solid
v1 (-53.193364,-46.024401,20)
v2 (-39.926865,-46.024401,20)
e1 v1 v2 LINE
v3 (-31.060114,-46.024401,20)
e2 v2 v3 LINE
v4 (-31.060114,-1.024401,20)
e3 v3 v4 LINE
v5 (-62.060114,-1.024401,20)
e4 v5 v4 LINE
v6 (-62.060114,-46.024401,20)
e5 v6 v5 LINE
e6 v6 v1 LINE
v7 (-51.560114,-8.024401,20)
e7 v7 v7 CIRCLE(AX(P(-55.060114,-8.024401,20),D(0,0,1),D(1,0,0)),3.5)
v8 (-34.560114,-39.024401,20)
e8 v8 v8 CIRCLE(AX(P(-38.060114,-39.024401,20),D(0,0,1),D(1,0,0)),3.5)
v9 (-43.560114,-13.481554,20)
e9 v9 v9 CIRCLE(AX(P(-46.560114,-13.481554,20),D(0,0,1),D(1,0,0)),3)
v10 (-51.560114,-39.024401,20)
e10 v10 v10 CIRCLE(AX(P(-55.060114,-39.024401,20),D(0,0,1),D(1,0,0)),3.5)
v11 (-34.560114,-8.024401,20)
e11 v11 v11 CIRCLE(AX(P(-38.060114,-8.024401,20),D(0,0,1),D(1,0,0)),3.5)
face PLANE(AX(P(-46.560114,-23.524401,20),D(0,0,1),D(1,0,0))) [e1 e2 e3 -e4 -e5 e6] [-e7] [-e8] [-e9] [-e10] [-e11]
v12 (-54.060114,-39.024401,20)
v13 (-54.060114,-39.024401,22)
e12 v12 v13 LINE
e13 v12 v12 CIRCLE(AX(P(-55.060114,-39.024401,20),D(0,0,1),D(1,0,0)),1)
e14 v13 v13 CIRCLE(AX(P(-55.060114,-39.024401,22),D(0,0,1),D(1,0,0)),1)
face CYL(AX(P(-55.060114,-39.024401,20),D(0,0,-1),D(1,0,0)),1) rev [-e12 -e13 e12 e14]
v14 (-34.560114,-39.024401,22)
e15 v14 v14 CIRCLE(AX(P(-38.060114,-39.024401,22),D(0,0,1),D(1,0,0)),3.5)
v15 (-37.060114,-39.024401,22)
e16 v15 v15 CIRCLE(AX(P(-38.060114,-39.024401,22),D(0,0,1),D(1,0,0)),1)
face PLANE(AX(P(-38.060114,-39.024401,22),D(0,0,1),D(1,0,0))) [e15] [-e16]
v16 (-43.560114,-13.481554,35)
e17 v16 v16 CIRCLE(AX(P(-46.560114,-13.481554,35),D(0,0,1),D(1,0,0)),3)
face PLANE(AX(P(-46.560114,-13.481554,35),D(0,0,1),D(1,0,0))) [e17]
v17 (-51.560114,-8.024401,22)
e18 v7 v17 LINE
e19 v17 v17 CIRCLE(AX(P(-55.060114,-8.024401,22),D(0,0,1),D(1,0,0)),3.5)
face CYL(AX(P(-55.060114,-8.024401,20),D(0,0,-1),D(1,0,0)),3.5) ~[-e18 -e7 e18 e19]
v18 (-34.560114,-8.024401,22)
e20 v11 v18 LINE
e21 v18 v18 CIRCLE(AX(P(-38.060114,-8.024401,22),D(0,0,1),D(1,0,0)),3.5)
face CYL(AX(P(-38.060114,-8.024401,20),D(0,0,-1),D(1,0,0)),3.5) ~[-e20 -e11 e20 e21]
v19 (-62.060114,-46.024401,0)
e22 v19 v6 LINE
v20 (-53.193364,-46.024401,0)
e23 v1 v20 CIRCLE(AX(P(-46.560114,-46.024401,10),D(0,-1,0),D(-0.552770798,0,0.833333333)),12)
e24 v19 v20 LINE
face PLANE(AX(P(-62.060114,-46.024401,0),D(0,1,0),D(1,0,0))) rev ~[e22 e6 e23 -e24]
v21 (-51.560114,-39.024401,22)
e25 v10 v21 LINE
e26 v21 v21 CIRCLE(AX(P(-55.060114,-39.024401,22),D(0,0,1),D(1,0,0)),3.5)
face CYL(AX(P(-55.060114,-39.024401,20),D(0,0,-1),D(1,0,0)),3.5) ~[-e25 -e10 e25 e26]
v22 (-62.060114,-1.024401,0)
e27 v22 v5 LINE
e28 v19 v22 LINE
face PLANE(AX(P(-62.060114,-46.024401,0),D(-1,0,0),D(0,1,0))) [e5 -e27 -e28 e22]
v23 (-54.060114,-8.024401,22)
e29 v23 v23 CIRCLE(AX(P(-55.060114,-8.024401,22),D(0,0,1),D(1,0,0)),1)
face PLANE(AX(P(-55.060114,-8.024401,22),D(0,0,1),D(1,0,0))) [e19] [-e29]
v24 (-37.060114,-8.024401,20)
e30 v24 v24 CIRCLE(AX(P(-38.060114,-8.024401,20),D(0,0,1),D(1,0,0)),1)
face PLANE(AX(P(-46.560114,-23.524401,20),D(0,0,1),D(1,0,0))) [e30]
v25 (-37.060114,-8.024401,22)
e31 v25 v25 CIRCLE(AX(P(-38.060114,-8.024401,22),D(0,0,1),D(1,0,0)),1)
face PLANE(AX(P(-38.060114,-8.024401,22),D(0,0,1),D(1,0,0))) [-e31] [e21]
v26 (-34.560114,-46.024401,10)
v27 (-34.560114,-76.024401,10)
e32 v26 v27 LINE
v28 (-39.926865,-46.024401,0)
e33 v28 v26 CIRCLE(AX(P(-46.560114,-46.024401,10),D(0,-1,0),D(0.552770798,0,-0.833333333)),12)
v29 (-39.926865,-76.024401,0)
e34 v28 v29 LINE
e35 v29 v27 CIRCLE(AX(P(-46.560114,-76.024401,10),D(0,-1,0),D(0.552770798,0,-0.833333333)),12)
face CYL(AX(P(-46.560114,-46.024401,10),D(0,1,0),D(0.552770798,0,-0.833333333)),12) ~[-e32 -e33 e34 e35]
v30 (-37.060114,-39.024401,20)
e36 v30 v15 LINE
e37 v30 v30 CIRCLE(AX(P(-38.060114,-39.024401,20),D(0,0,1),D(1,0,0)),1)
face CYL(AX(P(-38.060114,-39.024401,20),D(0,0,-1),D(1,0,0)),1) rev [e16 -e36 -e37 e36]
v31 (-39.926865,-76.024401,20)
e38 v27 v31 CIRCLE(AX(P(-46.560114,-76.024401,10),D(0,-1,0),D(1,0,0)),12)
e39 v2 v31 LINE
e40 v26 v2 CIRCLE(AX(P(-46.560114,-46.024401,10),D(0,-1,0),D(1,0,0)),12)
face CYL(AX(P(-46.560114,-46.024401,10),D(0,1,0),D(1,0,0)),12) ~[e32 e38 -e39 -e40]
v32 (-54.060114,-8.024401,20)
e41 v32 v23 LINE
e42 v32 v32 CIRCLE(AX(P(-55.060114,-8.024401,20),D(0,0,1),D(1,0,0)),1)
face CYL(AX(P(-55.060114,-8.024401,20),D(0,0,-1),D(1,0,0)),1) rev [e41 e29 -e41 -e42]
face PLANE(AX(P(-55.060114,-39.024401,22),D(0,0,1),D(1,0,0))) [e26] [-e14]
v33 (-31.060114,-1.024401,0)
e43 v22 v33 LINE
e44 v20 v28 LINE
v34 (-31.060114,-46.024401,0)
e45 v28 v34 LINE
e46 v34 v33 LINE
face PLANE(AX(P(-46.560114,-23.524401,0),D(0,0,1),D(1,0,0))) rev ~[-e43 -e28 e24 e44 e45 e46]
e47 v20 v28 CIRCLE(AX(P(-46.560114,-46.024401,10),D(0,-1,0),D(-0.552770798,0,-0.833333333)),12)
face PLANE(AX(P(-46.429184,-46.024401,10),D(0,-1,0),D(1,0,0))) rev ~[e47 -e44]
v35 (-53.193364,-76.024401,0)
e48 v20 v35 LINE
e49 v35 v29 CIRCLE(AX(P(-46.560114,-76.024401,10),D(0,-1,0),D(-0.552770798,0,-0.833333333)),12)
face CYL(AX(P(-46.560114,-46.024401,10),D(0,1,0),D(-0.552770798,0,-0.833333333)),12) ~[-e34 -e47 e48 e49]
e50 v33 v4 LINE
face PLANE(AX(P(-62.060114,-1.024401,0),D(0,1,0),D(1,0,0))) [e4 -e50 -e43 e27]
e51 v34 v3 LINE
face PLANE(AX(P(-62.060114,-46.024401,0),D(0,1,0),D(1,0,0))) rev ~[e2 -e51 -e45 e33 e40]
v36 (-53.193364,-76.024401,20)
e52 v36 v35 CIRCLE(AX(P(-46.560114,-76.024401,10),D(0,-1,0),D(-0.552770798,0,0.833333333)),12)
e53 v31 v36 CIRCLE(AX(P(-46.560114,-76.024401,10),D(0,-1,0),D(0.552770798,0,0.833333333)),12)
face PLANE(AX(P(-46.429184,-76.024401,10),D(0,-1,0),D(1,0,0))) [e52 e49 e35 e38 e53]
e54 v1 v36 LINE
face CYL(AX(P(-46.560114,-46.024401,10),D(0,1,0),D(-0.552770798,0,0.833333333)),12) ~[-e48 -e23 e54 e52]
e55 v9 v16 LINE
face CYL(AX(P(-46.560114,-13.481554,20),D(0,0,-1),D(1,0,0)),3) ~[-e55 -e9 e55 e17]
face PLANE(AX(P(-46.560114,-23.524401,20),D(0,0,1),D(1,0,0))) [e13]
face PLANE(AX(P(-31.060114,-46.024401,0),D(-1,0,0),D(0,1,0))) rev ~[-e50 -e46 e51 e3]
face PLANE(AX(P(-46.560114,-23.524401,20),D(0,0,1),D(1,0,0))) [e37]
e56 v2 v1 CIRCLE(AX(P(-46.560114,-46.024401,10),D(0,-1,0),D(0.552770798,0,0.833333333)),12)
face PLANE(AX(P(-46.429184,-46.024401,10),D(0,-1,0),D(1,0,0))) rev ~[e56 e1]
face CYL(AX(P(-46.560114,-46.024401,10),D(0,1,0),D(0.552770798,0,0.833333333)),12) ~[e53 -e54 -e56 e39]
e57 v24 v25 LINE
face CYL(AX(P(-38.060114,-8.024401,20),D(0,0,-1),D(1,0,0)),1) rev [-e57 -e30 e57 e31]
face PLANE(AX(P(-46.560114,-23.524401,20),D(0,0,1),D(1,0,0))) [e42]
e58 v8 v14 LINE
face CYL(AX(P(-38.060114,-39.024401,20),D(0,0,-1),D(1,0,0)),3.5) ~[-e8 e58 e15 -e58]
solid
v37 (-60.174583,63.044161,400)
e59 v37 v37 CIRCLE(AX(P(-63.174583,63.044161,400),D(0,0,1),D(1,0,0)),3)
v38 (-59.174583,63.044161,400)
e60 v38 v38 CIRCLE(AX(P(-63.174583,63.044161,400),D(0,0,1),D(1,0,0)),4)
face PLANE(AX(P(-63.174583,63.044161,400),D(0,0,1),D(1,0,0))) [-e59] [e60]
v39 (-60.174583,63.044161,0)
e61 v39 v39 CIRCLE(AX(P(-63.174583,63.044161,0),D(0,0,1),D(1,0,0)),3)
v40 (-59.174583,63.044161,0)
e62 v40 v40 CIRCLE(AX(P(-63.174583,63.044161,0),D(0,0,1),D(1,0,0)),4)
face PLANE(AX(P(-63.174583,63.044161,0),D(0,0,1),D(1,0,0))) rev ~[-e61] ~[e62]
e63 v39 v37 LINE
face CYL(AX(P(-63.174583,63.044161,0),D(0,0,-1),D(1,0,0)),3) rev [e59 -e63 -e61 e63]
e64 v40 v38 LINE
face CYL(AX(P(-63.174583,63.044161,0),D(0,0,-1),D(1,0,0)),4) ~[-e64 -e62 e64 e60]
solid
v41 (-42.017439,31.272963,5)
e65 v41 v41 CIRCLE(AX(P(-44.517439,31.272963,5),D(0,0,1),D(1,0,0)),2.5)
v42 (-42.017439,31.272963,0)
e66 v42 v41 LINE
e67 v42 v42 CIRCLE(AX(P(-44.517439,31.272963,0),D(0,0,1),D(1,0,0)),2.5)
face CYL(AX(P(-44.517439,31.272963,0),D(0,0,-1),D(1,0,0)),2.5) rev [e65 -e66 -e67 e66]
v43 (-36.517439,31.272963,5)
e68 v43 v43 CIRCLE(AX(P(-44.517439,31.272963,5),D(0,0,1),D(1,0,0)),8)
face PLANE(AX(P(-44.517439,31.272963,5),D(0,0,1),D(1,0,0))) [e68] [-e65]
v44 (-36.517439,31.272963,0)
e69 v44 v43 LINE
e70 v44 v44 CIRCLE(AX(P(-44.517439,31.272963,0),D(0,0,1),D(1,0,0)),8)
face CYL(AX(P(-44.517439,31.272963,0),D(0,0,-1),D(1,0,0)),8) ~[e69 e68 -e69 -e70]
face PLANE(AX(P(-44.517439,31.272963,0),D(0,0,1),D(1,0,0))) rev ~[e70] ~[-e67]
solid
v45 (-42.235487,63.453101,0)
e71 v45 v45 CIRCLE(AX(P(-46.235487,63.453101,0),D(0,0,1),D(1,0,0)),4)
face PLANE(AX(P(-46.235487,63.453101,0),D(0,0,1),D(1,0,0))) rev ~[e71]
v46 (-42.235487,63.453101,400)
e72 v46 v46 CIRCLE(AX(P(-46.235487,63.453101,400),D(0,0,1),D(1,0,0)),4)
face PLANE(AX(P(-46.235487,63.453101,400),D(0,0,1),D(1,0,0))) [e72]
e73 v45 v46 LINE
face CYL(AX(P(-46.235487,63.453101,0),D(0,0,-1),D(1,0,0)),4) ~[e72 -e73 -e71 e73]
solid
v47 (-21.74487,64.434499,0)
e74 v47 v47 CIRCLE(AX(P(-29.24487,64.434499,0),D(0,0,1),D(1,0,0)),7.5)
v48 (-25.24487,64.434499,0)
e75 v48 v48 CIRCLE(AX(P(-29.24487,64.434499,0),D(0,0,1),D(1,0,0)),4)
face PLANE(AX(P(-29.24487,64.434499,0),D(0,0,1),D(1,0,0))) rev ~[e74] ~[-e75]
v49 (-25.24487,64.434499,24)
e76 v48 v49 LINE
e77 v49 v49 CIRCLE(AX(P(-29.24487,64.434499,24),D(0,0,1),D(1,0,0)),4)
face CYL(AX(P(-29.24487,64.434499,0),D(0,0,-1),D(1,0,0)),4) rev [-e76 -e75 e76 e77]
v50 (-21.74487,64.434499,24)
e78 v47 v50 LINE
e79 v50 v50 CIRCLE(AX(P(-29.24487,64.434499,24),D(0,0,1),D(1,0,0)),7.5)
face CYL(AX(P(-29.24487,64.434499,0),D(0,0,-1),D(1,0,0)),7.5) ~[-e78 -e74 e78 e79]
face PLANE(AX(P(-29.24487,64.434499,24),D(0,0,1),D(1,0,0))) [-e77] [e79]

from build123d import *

# Parameters (mm, degrees)
F0_R      = 4
F0_R_2    = 3
F1_DEPTH  = 400
F0_R_3    = 7.5
F2_DEPTH  = 24
F3_W      = 31
F3_H      = 45
F4_DEPTH  = 20
F6_DEPTH  = 30
F8_R      = 3.5
F8_R_2    = 1
F9_DEPTH  = 2
F8_R_3    = 3
F10_DEPTH = 15
F0_R_4    = 8
F0_R_5    = 2.5
F11_DEPTH = 5


with BuildPart() as f1:
    # F0 (on Top) → F1 (new body)
    with BuildSketch(Plane.XY):
        with Locations((-63.1745830178, 63.0441606045)):
            Circle(F0_R)
        with Locations((-63.1745830178, 63.0441606045)):
            Circle(F0_R_2, mode=Mode.SUBTRACT)
    extrude(amount=F1_DEPTH)


with BuildPart() as f1b:
    # F0 (on Top) → F1, piece 2 (new body)
    with BuildSketch(Plane.XY):
        with Locations((-46.235486865, 63.4531006217)):
            Circle(F0_R)
    extrude(amount=F1_DEPTH)


with BuildPart() as f2:
    # F0 (on Top) → F2 (new body)
    with BuildSketch(Plane.XY):
        with Locations((-29.2448699474, 64.4344985485)):
            Circle(F0_R_3)
        with Locations((-29.2448699474, 64.4344985485)):
            Circle(F0_R, mode=Mode.SUBTRACT)
    extrude(amount=F2_DEPTH)


with BuildPart() as f4:
    # F3 (on Top) → F4 (new body)
    with BuildSketch(Plane.XY):
        with Locations((-46.5601142496, -23.5244012473)):
            Rectangle(F3_W, F3_H)
    extrude(amount=F4_DEPTH)

    # F5 (on face) → F6 (join)
    with BuildSketch(Plane.XZ.offset(46.0244012473)):
        with BuildLine():
            ThreePointArc((-39.9268646689, 0), (-35.9865861022, 4.3254513381), (-34.5601142496, 10))
            ThreePointArc((-34.5601142496, 10), (-35.9865861022, 15.6745486619), (-39.9268646689, 20))
            Line((-39.9268646689, 20), (-53.1933638303, 20))
            ThreePointArc((-53.1933638303, 20), (-58.5601142496, 10), (-53.1933638303, 0))
            Line((-53.1933638303, 0), (-39.9268646689, 0))
        make_face()
        with BuildLine():
            Line((-53.1933638303, 20), (-39.9268646689, 20))
            ThreePointArc((-39.9268646689, 20), (-46.5601142496, 22), (-53.1933638303, 20))
        make_face()
        with BuildLine():
            ThreePointArc((-53.1933638303, 0), (-46.5601142496, -2), (-39.9268646689, 0))
            Line((-39.9268646689, 0), (-53.1933638303, 0))
        make_face()
    extrude(amount=F6_DEPTH)

    # F8 (on face) → F9 (join)
    with BuildSketch(Plane.XY.offset(20)):
        with Locations((-55.0601142496, -8.0244012473)):
            Circle(F8_R)
        with Locations((-55.0601142496, -8.0244012473)):
            Circle(F8_R_2, mode=Mode.SUBTRACT)
        with Locations((-38.0601142496, -8.0244012473)):
            Circle(F8_R)
        with Locations((-38.0601142496, -8.0244012473)):
            Circle(F8_R_2, mode=Mode.SUBTRACT)
        with Locations((-38.0601142496, -39.0244012473)):
            Circle(F8_R)
        with Locations((-38.0601142496, -39.0244012473)):
            Circle(F8_R_2, mode=Mode.SUBTRACT)
        with Locations((-55.0601142496, -39.0244012473)):
            Circle(F8_R)
        with Locations((-55.0601142496, -39.0244012473)):
            Circle(F8_R_2, mode=Mode.SUBTRACT)
    extrude(amount=F9_DEPTH)

    # F8 (on face) → F10 (join)
    with BuildSketch(Plane.XY.offset(20)):
        with Locations((-46.5601142496, -13.4815536439)):
            Circle(F8_R_3)
    extrude(amount=F10_DEPTH)


with BuildPart() as f11:
    # F0 (on Top) → F11 (new body)
    with BuildSketch(Plane.XY):
        with Locations((-44.5174388587, 31.2729626894)):
            Circle(F0_R_4)
        with Locations((-44.5174388587, 31.2729626894)):
            Circle(F0_R_5, mode=Mode.SUBTRACT)
    extrude(amount=F11_DEPTH)


solid = Compound([f1.part, f1b.part, f2.part, f4.part, f11.part])
